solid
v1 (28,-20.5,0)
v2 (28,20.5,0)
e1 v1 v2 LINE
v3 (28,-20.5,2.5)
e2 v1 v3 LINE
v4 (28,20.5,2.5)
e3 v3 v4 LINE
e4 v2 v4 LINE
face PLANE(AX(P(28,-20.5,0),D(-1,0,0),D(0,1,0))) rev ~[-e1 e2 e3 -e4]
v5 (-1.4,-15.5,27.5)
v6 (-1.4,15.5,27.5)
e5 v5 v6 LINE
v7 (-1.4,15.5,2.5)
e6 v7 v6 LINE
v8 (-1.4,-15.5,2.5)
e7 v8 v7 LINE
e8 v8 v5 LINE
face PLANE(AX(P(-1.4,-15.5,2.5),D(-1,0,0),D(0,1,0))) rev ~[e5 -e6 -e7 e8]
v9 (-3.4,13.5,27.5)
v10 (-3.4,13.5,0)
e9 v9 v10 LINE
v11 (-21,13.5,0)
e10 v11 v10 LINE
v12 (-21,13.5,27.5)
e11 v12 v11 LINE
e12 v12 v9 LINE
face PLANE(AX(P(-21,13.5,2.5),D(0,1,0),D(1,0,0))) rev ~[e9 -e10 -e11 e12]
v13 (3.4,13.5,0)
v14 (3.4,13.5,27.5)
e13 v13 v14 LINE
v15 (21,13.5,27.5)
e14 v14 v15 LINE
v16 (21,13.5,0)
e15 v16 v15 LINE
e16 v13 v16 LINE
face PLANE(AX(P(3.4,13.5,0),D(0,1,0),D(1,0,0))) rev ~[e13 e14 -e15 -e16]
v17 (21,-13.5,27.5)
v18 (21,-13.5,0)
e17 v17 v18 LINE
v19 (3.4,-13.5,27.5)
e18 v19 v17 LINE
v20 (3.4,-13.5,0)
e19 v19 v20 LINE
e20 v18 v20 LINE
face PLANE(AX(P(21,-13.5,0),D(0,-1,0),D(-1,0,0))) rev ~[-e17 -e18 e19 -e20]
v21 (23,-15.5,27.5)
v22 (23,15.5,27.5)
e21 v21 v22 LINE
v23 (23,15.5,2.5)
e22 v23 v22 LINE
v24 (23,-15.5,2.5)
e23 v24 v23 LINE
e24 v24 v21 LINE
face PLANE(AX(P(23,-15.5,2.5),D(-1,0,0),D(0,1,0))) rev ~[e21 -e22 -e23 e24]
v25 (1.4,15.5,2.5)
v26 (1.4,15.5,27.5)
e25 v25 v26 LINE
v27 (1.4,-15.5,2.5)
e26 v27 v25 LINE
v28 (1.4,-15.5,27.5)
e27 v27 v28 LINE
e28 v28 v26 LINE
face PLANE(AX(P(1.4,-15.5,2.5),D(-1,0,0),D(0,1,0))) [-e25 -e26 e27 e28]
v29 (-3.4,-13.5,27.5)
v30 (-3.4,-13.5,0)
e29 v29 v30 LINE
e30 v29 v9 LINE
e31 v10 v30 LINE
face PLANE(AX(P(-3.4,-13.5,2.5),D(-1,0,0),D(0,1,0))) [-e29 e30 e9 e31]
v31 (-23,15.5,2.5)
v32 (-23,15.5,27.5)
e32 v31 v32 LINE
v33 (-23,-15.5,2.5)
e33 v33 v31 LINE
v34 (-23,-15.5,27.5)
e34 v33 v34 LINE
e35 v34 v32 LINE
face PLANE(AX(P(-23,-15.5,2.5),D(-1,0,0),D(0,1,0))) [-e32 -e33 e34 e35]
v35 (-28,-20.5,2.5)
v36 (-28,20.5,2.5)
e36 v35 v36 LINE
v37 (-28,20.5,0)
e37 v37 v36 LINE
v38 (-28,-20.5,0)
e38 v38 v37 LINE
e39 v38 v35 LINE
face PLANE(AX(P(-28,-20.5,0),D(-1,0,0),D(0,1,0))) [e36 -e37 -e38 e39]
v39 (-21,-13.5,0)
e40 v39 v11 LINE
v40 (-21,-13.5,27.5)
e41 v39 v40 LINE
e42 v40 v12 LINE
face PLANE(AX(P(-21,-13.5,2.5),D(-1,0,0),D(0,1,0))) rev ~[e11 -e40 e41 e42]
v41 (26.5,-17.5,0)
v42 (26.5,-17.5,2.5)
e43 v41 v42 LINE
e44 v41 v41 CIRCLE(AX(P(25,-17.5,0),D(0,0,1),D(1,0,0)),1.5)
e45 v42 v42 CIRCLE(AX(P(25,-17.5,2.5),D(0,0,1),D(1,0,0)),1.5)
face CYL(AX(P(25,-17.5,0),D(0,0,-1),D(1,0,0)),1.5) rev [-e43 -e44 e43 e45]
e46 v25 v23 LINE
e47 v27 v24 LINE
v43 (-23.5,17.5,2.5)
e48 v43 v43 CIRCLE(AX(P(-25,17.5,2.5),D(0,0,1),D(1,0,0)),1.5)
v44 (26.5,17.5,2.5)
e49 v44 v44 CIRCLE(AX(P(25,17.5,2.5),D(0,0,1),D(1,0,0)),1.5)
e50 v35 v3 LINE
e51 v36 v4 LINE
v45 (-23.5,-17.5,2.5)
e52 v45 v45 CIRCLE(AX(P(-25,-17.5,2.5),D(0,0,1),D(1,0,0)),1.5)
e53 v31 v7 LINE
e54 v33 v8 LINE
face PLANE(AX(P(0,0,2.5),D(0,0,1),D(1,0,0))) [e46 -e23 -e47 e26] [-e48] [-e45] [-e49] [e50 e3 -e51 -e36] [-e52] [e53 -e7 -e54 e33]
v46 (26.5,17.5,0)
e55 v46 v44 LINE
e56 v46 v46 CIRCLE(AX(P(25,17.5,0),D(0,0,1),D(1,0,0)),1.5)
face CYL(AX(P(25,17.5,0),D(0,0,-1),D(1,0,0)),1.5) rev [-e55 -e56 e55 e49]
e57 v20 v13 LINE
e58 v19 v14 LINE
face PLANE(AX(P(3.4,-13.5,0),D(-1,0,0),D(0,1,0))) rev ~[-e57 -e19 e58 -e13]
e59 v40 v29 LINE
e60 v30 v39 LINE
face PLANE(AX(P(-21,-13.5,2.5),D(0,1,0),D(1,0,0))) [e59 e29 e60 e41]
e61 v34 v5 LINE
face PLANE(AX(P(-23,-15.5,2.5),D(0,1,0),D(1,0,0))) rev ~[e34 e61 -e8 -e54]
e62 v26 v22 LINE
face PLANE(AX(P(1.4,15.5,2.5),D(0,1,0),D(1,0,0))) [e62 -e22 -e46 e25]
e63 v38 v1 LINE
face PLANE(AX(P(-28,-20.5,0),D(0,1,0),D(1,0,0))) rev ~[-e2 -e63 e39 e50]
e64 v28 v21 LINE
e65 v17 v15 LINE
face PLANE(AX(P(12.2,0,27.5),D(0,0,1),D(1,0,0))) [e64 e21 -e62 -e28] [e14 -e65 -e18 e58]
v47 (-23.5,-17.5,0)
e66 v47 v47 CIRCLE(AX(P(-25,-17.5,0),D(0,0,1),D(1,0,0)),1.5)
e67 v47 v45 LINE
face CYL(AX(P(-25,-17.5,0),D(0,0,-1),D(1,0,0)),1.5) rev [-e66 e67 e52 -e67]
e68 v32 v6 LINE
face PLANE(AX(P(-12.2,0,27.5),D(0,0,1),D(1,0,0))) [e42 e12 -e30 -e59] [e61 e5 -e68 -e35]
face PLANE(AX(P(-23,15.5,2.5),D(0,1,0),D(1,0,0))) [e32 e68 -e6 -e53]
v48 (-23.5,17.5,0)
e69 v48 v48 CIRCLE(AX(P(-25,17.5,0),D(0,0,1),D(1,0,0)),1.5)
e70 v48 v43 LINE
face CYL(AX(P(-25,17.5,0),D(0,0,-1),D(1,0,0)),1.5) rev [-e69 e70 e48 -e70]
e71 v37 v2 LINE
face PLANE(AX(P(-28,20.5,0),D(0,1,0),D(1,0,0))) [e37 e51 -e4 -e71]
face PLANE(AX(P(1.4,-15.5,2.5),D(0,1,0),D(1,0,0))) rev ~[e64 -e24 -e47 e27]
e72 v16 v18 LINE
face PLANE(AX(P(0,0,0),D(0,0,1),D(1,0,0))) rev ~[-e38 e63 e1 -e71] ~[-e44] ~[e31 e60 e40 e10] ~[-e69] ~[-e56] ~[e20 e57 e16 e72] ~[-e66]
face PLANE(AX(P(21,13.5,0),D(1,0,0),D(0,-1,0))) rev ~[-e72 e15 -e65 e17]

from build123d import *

# Parameters (mm, degrees)
F0_W     = 56
F0_H     = 41
F0_R     = 1.5
F1_DEPTH = 2.5
F2_W     = 21.6
F2_H     = 31
F2_W_2   = 17.6
F2_H_2   = 27
F3_DEPTH = 25


with BuildPart() as f1:
    # F0 (on Top) → F1 (new body)
    with BuildSketch(Plane.XY):
        Rectangle(F0_W, F0_H)
        with Locations((-25, -17.5)):
            Circle(F0_R, mode=Mode.SUBTRACT)
        with Locations((25, -17.5)):
            Circle(F0_R, mode=Mode.SUBTRACT)
        Polygon((-21, -13.5), (-21, 13.5), (-3.4, 13.5), (-3.4, 0), (-3.4, -13.5), align=None, mode=Mode.SUBTRACT)
        with Locations((-25, 17.5)):
            Circle(F0_R, mode=Mode.SUBTRACT)
        Polygon((3.4, 13.5), (21, 13.5), (21, -13.5), (3.4, -13.5), (3.4, 0), align=None, mode=Mode.SUBTRACT)
        with Locations((25, 17.5)):
            Circle(F0_R, mode=Mode.SUBTRACT)
    extrude(amount=F1_DEPTH)

    # F2 (on face) → F3 (join)
    with BuildSketch(Plane.XY.offset(2.5)):
        with Locations((-12.2, 0)):
            Rectangle(F2_W, F2_H)
        with Locations((-12.2, 0)):
            Rectangle(F2_W_2, F2_H_2, mode=Mode.SUBTRACT)
        with Locations((12.2, 0)):
            Rectangle(F2_W, F2_H)
        with Locations((12.2, 0)):
            Rectangle(F2_W_2, F2_H_2, mode=Mode.SUBTRACT)
    extrude(amount=F3_DEPTH)


solid = f1.part
